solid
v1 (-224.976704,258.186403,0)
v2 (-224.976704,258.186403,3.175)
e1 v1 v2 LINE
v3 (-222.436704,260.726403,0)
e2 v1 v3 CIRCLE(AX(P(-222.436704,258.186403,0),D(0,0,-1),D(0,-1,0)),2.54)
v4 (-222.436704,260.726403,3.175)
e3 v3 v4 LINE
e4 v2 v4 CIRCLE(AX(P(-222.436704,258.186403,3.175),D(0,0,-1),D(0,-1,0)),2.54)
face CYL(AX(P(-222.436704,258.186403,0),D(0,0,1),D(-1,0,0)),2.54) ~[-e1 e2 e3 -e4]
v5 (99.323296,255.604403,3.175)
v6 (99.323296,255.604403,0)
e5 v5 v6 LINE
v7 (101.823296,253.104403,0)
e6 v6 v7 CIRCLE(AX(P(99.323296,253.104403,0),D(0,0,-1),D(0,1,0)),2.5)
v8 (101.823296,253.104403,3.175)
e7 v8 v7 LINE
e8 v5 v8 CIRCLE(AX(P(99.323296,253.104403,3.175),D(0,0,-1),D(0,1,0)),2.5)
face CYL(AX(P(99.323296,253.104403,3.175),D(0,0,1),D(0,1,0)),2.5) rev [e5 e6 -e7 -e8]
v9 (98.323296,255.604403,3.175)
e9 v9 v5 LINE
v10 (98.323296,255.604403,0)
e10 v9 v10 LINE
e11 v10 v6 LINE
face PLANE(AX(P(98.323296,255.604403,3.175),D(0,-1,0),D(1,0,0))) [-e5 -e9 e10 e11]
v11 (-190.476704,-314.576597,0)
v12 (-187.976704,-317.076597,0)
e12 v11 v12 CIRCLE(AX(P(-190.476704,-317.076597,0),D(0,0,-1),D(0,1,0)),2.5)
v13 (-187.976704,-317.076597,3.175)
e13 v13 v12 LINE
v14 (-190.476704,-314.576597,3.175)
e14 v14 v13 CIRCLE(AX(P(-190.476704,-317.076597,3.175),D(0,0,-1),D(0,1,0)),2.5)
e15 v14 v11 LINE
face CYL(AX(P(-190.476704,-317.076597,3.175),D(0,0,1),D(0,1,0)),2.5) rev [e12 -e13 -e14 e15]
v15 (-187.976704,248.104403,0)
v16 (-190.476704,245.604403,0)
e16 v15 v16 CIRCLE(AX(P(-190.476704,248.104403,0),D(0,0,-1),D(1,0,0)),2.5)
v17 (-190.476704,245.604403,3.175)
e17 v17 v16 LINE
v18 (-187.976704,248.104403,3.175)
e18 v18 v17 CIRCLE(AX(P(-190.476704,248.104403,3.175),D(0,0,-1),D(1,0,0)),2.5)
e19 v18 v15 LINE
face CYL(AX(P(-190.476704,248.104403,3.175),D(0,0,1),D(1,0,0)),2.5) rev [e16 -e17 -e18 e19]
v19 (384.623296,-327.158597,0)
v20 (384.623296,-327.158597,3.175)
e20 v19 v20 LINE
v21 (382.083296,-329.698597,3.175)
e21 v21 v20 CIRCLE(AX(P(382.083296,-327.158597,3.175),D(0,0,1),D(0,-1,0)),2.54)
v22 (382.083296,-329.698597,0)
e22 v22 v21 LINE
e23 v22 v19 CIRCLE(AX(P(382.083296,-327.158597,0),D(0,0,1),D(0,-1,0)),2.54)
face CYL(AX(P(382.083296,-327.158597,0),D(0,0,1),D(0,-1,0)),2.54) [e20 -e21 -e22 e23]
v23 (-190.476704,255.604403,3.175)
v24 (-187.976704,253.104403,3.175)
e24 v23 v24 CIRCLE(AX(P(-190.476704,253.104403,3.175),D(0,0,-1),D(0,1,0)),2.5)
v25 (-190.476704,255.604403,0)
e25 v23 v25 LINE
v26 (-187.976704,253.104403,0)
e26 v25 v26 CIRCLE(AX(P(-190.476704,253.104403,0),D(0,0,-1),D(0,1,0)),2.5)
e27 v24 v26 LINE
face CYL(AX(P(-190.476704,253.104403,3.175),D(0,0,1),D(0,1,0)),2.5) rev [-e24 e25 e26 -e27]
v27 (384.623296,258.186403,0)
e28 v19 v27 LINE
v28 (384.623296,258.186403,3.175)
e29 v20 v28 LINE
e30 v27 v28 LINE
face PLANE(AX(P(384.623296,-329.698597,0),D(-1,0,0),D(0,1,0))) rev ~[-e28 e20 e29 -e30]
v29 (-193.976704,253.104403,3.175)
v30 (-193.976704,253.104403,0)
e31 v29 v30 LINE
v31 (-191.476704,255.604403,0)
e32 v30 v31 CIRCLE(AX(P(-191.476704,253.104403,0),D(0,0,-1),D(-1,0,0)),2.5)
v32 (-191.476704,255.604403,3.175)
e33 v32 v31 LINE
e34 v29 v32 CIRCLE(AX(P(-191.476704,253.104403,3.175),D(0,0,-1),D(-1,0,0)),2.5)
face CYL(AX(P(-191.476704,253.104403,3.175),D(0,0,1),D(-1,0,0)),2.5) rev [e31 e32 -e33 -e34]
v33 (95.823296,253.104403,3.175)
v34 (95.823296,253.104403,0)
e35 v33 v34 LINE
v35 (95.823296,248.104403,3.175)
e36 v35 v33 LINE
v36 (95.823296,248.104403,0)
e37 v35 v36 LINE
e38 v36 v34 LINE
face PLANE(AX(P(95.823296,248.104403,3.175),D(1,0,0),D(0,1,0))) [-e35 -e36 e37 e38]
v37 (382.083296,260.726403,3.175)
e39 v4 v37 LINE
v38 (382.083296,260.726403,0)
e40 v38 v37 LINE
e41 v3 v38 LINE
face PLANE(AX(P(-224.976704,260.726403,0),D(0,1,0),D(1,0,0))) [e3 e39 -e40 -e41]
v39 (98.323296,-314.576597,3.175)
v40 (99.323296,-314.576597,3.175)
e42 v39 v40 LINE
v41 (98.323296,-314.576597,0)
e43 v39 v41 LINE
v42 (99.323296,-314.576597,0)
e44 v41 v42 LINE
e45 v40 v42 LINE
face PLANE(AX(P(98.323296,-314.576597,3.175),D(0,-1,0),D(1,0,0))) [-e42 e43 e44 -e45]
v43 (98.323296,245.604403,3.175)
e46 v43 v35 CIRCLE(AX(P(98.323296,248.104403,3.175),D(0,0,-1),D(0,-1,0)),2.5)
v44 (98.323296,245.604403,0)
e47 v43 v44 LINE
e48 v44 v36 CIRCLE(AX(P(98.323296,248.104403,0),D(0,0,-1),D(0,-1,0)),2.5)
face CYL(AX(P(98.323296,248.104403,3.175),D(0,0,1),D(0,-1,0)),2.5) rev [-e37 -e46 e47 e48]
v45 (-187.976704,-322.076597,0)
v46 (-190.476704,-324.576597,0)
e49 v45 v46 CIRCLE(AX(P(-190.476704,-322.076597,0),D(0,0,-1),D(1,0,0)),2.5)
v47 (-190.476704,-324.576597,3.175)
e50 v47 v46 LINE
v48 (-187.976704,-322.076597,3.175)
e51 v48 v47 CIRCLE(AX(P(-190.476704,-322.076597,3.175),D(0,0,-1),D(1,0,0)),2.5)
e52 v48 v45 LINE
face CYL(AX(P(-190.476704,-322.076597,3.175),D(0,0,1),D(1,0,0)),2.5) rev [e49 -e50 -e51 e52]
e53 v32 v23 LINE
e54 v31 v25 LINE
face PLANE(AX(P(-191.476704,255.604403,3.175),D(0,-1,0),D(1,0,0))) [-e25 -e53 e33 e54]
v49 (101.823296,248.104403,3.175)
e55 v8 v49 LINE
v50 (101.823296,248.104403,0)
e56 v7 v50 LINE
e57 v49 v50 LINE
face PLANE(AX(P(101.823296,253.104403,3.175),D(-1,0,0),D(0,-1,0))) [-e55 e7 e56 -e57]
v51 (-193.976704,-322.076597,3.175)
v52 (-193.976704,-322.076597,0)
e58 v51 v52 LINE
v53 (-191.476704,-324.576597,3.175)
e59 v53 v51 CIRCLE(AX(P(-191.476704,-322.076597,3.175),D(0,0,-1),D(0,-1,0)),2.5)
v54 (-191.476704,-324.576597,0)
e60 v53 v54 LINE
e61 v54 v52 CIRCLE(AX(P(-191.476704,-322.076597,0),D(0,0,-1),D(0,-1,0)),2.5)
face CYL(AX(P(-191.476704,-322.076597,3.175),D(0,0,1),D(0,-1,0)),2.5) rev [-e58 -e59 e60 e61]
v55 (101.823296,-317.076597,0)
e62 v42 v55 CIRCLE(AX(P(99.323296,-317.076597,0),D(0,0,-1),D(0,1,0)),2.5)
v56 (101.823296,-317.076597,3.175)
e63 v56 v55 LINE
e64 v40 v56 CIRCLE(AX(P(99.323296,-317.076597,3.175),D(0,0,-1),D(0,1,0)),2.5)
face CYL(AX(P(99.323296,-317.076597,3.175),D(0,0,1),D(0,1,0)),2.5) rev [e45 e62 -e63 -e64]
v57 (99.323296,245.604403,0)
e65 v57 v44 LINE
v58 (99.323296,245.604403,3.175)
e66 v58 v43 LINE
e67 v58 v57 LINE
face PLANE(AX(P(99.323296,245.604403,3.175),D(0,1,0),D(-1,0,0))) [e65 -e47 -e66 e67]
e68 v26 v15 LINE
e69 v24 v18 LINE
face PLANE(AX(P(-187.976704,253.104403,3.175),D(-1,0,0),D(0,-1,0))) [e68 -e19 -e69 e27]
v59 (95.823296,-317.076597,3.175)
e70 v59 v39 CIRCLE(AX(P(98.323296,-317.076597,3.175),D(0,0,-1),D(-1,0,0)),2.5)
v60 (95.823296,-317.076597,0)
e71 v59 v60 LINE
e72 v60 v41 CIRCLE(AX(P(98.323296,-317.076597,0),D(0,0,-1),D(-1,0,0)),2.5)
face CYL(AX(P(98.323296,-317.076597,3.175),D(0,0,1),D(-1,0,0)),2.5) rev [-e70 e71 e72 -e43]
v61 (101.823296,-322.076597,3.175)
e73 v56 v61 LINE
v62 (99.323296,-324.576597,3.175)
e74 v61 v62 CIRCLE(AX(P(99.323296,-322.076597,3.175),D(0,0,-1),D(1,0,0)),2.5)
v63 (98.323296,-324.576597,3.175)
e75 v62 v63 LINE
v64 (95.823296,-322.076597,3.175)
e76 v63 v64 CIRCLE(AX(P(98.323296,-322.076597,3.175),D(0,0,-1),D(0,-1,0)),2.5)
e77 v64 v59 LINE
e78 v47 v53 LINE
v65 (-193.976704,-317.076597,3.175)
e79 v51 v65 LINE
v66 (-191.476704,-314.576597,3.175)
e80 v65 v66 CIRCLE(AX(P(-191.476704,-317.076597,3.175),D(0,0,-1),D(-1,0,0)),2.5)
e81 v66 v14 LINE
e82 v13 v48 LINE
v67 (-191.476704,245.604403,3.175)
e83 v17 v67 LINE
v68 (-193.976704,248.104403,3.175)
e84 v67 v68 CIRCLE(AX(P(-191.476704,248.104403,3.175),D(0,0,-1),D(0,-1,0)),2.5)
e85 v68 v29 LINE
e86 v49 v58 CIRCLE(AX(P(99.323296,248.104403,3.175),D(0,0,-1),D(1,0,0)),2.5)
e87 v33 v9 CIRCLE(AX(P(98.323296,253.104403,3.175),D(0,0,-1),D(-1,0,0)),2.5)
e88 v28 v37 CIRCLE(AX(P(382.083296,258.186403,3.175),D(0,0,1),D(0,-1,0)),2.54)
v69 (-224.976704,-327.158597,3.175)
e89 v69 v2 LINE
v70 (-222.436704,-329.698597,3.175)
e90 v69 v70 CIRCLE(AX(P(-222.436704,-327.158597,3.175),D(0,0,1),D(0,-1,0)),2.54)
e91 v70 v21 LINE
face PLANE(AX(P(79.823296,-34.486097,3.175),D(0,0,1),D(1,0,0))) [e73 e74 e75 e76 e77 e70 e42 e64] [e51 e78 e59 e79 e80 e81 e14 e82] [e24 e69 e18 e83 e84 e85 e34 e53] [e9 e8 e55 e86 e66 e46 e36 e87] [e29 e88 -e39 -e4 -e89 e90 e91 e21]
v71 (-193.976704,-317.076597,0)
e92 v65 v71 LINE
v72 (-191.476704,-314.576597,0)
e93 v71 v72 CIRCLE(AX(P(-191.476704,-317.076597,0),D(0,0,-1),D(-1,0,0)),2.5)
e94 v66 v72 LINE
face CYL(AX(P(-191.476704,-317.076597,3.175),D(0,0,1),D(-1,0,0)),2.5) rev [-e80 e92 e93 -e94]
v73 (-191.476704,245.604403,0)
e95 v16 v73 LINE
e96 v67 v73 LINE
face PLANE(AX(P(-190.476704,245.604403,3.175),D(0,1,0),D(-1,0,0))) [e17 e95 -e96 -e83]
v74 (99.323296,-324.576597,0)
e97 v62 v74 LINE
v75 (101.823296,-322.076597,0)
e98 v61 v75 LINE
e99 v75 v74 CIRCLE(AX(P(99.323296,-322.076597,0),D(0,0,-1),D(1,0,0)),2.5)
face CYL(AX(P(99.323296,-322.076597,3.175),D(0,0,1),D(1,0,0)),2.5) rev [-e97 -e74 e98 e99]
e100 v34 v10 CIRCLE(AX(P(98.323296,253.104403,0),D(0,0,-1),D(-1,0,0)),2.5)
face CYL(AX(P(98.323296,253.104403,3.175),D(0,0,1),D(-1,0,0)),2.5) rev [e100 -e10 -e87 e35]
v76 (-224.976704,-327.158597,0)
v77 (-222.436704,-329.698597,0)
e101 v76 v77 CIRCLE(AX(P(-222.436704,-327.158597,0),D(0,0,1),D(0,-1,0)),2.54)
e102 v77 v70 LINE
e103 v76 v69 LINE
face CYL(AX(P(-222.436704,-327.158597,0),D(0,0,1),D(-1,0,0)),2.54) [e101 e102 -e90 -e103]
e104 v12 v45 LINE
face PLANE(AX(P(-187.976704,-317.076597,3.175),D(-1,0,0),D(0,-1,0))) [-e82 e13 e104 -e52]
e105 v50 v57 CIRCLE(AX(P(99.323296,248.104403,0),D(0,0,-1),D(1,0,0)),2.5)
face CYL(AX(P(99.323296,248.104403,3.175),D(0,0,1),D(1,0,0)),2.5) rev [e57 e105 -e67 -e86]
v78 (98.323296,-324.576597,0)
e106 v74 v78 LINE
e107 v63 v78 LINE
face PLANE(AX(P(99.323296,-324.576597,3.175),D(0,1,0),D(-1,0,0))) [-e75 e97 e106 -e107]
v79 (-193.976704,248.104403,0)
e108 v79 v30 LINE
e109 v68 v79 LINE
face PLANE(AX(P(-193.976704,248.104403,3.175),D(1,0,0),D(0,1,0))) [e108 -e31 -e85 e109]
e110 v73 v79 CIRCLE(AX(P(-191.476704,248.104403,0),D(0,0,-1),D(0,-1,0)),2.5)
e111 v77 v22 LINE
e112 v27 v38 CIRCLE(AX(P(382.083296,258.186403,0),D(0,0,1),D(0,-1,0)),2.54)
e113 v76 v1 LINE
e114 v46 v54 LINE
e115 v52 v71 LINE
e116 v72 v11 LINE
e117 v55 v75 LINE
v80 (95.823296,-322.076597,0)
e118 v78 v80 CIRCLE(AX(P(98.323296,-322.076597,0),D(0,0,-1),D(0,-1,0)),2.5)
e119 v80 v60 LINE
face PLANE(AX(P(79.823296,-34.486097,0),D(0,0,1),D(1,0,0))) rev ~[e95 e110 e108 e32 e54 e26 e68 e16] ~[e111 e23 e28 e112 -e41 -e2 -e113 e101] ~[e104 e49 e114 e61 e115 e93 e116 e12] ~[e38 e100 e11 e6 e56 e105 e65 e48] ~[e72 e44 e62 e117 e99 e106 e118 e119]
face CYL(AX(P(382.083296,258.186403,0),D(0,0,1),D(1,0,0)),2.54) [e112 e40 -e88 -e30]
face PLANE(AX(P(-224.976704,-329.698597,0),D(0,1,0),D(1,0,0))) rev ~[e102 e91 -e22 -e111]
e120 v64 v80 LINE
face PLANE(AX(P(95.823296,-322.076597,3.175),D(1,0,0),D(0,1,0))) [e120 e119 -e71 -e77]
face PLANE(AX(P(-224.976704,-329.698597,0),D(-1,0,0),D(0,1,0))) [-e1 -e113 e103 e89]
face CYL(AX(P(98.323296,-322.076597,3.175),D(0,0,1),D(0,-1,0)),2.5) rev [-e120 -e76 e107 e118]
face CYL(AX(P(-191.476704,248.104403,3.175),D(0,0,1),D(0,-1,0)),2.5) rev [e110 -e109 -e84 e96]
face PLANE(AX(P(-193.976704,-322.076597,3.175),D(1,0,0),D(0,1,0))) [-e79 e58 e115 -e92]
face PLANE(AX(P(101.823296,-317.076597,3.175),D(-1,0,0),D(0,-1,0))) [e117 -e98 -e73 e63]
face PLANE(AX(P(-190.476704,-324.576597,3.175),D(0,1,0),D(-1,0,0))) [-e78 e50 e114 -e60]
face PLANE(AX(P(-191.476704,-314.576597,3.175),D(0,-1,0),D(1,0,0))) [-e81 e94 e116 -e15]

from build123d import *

# Parameters (mm, degrees)
SKETCH1_W           = 609.6
SKETCH1_H           = 590.425
BOSS_EXTRUDE1_DEPTH = 3.175
FILLET1_R           = 2.54
CUT_EXTRUDE1_DEPTH  = 3.175


with BuildPart() as part:
    # Sketch1 → Boss-Extrude1 (new body)
    with BuildSketch(Plane.XY):
        with Locations((79.823295573, -34.486097285)):
            Rectangle(SKETCH1_W, SKETCH1_H)
    extrude(amount=BOSS_EXTRUDE1_DEPTH)

    # Fillet1
    fillet1_edges = [part.edges().sort_by_distance(p)[0] for p in [
        (-224.976704427, 260.726402715, 1.5875),
        (-224.976704427, -329.698597285, 1.5875),
        (384.623295573, -329.698597285, 1.5875),
        (384.623295573, 260.726402715, 1.5875),
    ]]
    fillet(fillet1_edges, radius=FILLET1_R)

    # Sketch2 → Cut-Extrude1 (cut)
    with BuildSketch(Plane.XY.offset(3.175)):
        with BuildLine():
            Line((-190.476704427, 245.604402715), (-191.476704427, 245.604402715))
            ThreePointArc((-191.476704427, 245.604402715), (-193.24447138, 246.336635762), (-193.976704427, 248.104402715))
            Line((-193.976704427, 248.104402715), (-193.976704427, 253.104402715))
            ThreePointArc((-193.976704427, 253.104402715), (-193.24447138, 254.872169668), (-191.476704427, 255.604402715))
            Line((-191.476704427, 255.604402715), (-190.476704427, 255.604402715))
            ThreePointArc((-190.476704427, 255.604402715), (-188.708937474, 254.872169668), (-187.976704427, 253.104402715))
            Line((-187.976704427, 253.104402715), (-187.976704427, 248.104402715))
            ThreePointArc((-187.976704427, 248.104402715), (-188.708937474, 246.336635762), (-190.476704427, 245.604402715))
        make_face()
        with BuildLine():
            Line((99.323295573, 245.604402715), (98.323295573, 245.604402715))
            ThreePointArc((98.323295573, 245.604402715), (96.55552862, 246.336635762), (95.823295573, 248.104402715))
            Line((95.823295573, 248.104402715), (95.823295573, 253.104402715))
            ThreePointArc((95.823295573, 253.104402715), (96.55552862, 254.872169668), (98.323295573, 255.604402715))
            Line((98.323295573, 255.604402715), (99.323295573, 255.604402715))
            ThreePointArc((99.323295573, 255.604402715), (101.091062526, 254.872169668), (101.823295573, 253.104402715))
            Line((101.823295573, 253.104402715), (101.823295573, 248.104402715))
            ThreePointArc((101.823295573, 248.104402715), (101.091062526, 246.336635762), (99.323295573, 245.604402715))
        make_face()
        with BuildLine():
            Line((389.123295573, 245.604402715), (388.123295573, 245.604402715))
            ThreePointArc((388.123295573, 245.604402715), (386.35552862, 246.336635762), (385.623295573, 248.104402715))
            Line((385.623295573, 248.104402715), (385.623295573, 253.104402715))
            ThreePointArc((385.623295573, 253.104402715), (386.35552862, 254.872169668), (388.123295573, 255.604402715))
            Line((388.123295573, 255.604402715), (389.123295573, 255.604402715))
            ThreePointArc((389.123295573, 255.604402715), (390.891062526, 254.872169668), (391.623295573, 253.104402715))
            Line((391.623295573, 253.104402715), (391.623295573, 248.104402715))
            ThreePointArc((391.623295573, 248.104402715), (390.891062526, 246.336635762), (389.123295573, 245.604402715))
        make_face()
        with BuildLine():
            Line((391.623295573, -317.076597285), (391.623295573, -322.076597285))
            ThreePointArc((391.623295573, -322.076597285), (390.891062526, -323.844364238), (389.123295573, -324.576597285))
            Line((389.123295573, -324.576597285), (388.123295573, -324.576597285))
            ThreePointArc((388.123295573, -324.576597285), (386.35552862, -323.844364238), (385.623295573, -322.076597285))
            Line((385.623295573, -322.076597285), (385.623295573, -317.076597285))
            ThreePointArc((385.623295573, -317.076597285), (386.35552862, -315.308830332), (388.123295573, -314.576597285))
            Line((388.123295573, -314.576597285), (389.123295573, -314.576597285))
            ThreePointArc((389.123295573, -314.576597285), (390.891062526, -315.308830332), (391.623295573, -317.076597285))
        make_face()
        with BuildLine():
            Line((101.823295573, -317.076597285), (101.823295573, -322.076597285))
            ThreePointArc((101.823295573, -322.076597285), (101.091062526, -323.844364238), (99.323295573, -324.576597285))
            Line((99.323295573, -324.576597285), (98.323295573, -324.576597285))
            ThreePointArc((98.323295573, -324.576597285), (96.55552862, -323.844364238), (95.823295573, -322.076597285))
            Line((95.823295573, -322.076597285), (95.823295573, -317.076597285))
            ThreePointArc((95.823295573, -317.076597285), (96.55552862, -315.308830332), (98.323295573, -314.576597285))
            Line((98.323295573, -314.576597285), (99.323295573, -314.576597285))
            ThreePointArc((99.323295573, -314.576597285), (101.091062526, -315.308830332), (101.823295573, -317.076597285))
        make_face()
        with BuildLine():
            Line((-187.976704427, -317.076597285), (-187.976704427, -322.076597285))
            ThreePointArc((-187.976704427, -322.076597285), (-188.708937474, -323.844364238), (-190.476704427, -324.576597285))
            Line((-190.476704427, -324.576597285), (-191.476704427, -324.576597285))
            ThreePointArc((-191.476704427, -324.576597285), (-193.24447138, -323.844364238), (-193.976704427, -322.076597285))
            Line((-193.976704427, -322.076597285), (-193.976704427, -317.076597285))
            ThreePointArc((-193.976704427, -317.076597285), (-193.24447138, -315.308830332), (-191.476704427, -314.576597285))
            Line((-191.476704427, -314.576597285), (-190.476704427, -314.576597285))
            ThreePointArc((-190.476704427, -314.576597285), (-188.708937474, -315.308830332), (-187.976704427, -317.076597285))
        make_face()
    extrude(amount=-CUT_EXTRUDE1_DEPTH, mode=Mode.SUBTRACT)


solid = part.part
